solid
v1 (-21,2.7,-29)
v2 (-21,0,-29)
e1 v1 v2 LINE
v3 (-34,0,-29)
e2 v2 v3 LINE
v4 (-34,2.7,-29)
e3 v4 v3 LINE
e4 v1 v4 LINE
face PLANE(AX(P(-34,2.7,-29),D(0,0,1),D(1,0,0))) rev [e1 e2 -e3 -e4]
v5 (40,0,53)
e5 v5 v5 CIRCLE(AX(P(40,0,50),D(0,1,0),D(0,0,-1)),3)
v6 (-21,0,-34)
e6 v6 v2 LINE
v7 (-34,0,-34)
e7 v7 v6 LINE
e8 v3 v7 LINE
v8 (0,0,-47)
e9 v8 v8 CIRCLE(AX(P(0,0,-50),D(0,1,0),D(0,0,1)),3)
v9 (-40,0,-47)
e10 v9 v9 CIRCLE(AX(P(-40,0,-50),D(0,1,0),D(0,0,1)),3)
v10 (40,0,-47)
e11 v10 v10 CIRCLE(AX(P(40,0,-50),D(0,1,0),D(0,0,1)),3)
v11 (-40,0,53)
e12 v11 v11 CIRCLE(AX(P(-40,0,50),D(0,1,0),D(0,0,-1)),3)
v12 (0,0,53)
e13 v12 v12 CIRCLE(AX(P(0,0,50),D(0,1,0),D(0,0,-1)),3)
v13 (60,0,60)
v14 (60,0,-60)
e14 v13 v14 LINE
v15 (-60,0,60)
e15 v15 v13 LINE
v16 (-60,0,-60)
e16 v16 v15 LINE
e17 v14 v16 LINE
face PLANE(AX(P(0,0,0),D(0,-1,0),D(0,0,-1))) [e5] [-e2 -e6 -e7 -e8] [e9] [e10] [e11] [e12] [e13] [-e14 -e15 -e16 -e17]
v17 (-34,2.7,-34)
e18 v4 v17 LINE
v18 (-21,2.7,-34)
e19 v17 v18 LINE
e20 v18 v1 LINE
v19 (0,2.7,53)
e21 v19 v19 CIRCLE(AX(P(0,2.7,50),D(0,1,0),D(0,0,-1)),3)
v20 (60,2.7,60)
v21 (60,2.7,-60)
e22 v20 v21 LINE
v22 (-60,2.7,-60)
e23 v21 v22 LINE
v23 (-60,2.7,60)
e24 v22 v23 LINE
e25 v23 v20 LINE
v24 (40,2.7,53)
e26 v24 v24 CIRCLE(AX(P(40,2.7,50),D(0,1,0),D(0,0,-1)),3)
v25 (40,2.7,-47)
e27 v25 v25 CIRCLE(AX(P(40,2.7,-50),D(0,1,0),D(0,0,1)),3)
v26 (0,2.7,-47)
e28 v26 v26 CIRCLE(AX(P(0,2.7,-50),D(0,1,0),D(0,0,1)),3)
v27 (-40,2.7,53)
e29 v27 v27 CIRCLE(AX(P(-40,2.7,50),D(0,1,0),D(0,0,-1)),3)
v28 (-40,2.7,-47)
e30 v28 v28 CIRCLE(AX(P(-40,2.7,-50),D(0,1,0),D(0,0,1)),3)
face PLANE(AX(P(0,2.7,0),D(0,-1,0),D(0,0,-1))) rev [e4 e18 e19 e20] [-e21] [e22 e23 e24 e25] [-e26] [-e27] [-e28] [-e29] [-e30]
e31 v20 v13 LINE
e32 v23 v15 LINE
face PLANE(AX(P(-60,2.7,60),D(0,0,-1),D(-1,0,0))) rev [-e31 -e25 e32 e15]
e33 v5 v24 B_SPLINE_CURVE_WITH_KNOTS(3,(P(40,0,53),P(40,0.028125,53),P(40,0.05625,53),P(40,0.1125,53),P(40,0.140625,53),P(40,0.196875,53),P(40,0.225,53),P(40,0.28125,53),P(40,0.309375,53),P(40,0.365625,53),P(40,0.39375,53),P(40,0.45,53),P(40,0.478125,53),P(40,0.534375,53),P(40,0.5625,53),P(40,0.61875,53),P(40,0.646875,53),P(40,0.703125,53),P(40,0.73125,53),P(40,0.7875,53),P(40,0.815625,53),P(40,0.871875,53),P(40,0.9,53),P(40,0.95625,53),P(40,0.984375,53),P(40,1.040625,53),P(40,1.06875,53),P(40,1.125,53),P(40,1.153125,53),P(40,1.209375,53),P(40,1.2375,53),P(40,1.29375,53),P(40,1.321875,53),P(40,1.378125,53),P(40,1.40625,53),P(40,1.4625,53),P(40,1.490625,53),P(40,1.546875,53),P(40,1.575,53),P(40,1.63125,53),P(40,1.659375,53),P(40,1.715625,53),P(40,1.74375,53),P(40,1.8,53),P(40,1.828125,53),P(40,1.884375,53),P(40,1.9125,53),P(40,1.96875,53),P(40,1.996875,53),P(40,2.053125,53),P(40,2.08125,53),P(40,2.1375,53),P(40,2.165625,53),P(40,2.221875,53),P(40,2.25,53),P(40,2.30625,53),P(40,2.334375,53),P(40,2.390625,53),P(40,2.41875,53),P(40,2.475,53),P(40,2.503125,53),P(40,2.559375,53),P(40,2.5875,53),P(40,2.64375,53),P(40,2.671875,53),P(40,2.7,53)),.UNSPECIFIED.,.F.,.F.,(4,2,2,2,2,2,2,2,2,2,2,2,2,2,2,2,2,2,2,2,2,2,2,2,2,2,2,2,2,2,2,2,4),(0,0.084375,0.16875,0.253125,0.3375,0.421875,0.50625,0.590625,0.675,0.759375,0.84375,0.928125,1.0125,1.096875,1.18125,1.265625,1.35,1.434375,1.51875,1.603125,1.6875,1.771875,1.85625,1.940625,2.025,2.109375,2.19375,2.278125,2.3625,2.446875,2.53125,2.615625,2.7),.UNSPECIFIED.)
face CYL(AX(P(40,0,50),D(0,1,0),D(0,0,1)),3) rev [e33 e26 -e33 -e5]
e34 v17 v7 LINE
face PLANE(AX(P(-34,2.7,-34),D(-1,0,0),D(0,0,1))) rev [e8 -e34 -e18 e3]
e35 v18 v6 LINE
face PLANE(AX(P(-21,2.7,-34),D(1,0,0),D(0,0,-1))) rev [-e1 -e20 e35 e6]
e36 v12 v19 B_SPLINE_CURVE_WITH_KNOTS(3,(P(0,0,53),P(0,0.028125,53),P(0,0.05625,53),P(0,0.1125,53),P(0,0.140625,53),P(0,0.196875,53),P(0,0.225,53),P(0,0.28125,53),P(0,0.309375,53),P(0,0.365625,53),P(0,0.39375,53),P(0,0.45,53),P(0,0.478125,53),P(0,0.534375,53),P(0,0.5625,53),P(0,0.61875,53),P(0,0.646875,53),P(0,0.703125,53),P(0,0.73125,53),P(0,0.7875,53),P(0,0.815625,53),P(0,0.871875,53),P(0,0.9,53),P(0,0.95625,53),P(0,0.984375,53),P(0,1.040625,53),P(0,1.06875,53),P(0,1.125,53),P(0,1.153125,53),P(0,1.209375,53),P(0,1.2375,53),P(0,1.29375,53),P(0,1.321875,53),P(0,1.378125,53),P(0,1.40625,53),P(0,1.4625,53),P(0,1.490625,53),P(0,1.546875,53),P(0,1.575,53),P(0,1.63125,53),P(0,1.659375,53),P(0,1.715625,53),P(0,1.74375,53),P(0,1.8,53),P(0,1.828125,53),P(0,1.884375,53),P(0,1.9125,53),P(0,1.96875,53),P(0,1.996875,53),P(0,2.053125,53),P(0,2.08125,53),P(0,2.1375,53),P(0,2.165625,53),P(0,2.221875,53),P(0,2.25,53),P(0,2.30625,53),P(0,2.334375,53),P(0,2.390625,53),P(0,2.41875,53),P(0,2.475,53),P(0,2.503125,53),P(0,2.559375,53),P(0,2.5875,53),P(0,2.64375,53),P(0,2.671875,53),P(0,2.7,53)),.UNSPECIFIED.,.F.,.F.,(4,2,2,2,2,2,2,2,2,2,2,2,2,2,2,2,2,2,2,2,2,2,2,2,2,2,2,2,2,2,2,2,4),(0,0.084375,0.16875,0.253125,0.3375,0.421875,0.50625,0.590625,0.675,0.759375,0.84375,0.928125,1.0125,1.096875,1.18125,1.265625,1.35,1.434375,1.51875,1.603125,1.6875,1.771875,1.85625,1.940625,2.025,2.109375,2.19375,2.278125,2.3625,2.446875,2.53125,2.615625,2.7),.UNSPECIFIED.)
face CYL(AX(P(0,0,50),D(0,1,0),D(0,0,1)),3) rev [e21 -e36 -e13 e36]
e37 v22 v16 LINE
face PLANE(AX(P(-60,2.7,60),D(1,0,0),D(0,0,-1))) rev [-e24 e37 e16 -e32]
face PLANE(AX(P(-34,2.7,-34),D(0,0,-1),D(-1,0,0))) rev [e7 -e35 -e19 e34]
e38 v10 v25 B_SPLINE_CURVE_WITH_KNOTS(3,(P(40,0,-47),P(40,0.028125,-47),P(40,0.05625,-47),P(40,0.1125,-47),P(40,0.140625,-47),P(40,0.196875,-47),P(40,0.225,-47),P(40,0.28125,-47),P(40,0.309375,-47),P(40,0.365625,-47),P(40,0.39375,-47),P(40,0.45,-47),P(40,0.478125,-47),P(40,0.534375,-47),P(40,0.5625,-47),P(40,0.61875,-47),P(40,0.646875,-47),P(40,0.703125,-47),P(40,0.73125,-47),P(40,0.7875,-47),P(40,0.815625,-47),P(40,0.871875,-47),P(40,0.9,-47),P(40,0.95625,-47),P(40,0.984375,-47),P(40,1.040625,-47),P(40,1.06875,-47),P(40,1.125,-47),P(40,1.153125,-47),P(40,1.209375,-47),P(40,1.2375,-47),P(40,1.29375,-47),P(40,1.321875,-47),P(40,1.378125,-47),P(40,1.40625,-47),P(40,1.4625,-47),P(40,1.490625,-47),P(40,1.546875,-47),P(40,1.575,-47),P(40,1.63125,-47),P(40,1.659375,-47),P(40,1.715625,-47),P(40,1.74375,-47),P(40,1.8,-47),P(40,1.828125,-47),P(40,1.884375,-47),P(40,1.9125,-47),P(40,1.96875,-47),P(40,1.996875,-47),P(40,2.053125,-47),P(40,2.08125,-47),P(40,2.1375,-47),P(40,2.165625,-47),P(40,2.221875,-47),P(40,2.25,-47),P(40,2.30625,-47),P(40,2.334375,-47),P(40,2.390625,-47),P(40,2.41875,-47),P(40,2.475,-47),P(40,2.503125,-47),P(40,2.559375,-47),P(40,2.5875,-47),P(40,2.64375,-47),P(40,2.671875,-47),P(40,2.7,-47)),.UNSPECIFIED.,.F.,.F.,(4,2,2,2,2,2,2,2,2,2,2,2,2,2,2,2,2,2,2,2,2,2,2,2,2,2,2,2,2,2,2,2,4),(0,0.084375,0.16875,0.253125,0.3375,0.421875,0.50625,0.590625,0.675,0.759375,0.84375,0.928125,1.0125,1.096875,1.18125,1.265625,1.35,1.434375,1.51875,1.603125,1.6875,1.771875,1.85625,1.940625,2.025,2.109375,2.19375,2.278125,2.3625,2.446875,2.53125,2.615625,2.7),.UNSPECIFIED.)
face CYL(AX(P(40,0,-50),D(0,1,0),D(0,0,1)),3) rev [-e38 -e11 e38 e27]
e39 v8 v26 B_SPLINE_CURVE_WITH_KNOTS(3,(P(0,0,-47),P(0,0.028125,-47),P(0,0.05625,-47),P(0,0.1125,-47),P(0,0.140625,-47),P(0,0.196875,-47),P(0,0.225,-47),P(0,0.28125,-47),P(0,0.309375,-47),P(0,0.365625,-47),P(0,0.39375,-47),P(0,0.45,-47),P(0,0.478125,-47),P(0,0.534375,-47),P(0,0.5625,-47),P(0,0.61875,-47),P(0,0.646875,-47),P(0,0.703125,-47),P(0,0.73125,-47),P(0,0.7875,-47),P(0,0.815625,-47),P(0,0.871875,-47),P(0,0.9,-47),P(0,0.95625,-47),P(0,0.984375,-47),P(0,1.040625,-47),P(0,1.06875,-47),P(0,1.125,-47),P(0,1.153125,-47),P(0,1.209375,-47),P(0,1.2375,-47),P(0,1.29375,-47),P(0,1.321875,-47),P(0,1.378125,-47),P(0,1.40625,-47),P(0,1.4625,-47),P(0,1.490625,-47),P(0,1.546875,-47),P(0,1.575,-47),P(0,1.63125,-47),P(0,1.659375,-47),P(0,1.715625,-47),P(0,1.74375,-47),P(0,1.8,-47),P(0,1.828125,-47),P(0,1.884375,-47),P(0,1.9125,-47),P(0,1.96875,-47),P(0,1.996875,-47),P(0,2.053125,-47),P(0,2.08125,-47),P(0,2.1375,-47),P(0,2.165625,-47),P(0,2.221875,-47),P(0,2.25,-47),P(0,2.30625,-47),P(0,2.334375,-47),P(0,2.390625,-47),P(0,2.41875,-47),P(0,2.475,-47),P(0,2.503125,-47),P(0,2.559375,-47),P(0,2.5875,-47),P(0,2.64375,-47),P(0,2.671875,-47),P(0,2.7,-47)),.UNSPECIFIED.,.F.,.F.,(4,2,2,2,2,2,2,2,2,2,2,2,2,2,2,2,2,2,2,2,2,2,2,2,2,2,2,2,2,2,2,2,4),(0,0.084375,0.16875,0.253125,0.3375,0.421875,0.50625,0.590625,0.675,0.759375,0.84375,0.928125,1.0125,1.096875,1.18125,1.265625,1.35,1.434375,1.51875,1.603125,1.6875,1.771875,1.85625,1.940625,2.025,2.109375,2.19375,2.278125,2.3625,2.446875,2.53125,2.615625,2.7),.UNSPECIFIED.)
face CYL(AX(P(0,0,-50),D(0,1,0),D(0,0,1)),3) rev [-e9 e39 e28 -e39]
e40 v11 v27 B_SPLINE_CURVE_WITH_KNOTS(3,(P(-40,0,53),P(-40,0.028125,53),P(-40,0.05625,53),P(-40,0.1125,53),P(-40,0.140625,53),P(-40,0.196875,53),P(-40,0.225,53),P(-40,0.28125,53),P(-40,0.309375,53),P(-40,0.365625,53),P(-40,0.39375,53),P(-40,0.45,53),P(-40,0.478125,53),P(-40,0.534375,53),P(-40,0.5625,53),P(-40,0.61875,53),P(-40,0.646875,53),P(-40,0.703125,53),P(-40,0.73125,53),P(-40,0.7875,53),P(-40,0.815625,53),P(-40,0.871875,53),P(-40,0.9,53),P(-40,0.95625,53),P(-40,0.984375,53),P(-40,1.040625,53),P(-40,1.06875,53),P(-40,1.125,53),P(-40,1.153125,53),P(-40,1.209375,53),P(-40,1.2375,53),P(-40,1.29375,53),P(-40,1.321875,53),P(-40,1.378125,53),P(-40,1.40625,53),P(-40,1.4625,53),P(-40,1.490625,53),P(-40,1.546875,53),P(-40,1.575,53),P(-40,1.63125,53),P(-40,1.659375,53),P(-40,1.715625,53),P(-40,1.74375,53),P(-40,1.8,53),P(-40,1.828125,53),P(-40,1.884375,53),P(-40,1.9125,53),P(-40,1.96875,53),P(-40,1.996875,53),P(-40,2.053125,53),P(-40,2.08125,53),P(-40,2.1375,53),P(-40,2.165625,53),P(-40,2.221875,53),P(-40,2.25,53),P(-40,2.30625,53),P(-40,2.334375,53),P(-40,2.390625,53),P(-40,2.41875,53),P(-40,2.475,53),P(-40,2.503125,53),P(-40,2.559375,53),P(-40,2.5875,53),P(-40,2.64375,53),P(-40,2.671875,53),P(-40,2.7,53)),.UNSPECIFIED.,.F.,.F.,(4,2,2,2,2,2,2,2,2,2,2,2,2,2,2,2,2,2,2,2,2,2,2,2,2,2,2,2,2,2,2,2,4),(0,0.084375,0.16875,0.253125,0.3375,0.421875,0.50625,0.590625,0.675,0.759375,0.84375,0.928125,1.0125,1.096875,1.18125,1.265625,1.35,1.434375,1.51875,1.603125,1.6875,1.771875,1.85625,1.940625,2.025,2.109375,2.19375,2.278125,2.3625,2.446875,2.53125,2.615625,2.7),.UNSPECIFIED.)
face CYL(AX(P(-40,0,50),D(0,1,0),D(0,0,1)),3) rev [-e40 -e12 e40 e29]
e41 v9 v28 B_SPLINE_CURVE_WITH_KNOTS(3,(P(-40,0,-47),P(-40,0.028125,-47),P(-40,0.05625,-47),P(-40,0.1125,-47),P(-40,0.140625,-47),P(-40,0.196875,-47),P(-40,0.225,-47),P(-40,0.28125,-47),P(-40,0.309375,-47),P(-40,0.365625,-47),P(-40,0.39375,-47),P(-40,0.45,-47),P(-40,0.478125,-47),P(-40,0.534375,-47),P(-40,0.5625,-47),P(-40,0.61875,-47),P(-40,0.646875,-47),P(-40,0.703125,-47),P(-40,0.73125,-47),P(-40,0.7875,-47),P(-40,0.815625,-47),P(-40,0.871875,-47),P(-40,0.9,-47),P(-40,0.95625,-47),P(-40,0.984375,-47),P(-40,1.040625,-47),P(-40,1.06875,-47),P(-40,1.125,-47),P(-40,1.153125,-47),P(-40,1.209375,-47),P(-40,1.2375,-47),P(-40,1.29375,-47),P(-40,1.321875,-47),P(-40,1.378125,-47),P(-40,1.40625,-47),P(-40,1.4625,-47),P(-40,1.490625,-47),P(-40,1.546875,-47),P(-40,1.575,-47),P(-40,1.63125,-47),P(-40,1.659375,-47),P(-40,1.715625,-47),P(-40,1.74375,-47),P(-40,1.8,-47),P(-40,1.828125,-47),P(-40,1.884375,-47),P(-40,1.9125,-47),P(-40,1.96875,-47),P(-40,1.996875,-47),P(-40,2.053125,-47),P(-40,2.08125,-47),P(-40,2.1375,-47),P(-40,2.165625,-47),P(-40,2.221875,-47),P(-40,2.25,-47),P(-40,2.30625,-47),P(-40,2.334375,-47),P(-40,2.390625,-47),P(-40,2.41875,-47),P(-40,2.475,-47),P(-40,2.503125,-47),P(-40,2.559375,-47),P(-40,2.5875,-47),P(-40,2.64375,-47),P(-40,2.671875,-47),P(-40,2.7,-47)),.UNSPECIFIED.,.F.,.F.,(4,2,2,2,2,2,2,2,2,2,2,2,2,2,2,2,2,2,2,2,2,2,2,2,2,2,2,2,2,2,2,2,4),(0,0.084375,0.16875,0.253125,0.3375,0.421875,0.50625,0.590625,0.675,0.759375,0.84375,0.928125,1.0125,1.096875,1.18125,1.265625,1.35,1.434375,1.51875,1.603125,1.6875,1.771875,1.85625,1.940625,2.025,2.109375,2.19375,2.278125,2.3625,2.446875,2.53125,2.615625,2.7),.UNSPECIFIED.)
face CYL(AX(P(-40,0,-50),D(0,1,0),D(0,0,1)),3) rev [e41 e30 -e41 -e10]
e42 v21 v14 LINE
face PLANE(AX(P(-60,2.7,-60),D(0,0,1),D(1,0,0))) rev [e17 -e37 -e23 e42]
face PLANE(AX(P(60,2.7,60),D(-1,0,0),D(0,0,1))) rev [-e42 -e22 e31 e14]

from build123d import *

# Parameters (mm, degrees)
CROQUIS2_W              = 120
CROQUIS2_H              = 120
SALIENTE_EXTRUIR2_DEPTH = 2.7
CROQUIS3_R              = 3
CORTAR_EXTRUIR1_DEPTH   = 85.895759611
CROQUIS4_W              = 13
CROQUIS4_H              = 5
CORTAR_EXTRUIR2_DEPTH   = 2.7


with BuildPart() as part:
    # Croquis2 → Saliente-Extruir2 (new body)
    with BuildSketch(Plane(origin=(0, 0, 0), x_dir=(1, 0, 0), z_dir=(0, 1, 0))):
        Rectangle(CROQUIS2_W, CROQUIS2_H)
    extrude(amount=SALIENTE_EXTRUIR2_DEPTH)

    # Croquis3 → Cortar-Extruir1 (cut, through all)
    with BuildSketch(Plane(origin=(0, 2.7, 0), x_dir=(1, 0, 0), z_dir=(0, 1, 0))):
        with Locations(Location((0, 50, 0), (0, 0, 270))):
            Circle(CROQUIS3_R)
        with Locations(Location((40, 50, 0), (0, 0, 270))):
            Circle(CROQUIS3_R)
        with Locations(Location((-40, 50, 0), (0, 0, 270))):
            Circle(CROQUIS3_R)
        with Locations(Location((-40, -50, 0), (0, 0, 270))):
            Circle(CROQUIS3_R)
        with Locations(Location((40, -50, 0), (0, 0, 270))):
            Circle(CROQUIS3_R)
        with Locations(Location((0, -50, 0), (0, 0, 270))):
            Circle(CROQUIS3_R)
    extrude(amount=-CORTAR_EXTRUIR1_DEPTH, mode=Mode.SUBTRACT)

    # Croquis4 → Cortar-Extruir2 (cut)
    with BuildSketch(Plane.XZ):
        with Locations((-27.5, -31.5)):
            Rectangle(CROQUIS4_W, CROQUIS4_H)
    extrude(amount=-CORTAR_EXTRUIR2_DEPTH, mode=Mode.SUBTRACT)


solid = part.part
